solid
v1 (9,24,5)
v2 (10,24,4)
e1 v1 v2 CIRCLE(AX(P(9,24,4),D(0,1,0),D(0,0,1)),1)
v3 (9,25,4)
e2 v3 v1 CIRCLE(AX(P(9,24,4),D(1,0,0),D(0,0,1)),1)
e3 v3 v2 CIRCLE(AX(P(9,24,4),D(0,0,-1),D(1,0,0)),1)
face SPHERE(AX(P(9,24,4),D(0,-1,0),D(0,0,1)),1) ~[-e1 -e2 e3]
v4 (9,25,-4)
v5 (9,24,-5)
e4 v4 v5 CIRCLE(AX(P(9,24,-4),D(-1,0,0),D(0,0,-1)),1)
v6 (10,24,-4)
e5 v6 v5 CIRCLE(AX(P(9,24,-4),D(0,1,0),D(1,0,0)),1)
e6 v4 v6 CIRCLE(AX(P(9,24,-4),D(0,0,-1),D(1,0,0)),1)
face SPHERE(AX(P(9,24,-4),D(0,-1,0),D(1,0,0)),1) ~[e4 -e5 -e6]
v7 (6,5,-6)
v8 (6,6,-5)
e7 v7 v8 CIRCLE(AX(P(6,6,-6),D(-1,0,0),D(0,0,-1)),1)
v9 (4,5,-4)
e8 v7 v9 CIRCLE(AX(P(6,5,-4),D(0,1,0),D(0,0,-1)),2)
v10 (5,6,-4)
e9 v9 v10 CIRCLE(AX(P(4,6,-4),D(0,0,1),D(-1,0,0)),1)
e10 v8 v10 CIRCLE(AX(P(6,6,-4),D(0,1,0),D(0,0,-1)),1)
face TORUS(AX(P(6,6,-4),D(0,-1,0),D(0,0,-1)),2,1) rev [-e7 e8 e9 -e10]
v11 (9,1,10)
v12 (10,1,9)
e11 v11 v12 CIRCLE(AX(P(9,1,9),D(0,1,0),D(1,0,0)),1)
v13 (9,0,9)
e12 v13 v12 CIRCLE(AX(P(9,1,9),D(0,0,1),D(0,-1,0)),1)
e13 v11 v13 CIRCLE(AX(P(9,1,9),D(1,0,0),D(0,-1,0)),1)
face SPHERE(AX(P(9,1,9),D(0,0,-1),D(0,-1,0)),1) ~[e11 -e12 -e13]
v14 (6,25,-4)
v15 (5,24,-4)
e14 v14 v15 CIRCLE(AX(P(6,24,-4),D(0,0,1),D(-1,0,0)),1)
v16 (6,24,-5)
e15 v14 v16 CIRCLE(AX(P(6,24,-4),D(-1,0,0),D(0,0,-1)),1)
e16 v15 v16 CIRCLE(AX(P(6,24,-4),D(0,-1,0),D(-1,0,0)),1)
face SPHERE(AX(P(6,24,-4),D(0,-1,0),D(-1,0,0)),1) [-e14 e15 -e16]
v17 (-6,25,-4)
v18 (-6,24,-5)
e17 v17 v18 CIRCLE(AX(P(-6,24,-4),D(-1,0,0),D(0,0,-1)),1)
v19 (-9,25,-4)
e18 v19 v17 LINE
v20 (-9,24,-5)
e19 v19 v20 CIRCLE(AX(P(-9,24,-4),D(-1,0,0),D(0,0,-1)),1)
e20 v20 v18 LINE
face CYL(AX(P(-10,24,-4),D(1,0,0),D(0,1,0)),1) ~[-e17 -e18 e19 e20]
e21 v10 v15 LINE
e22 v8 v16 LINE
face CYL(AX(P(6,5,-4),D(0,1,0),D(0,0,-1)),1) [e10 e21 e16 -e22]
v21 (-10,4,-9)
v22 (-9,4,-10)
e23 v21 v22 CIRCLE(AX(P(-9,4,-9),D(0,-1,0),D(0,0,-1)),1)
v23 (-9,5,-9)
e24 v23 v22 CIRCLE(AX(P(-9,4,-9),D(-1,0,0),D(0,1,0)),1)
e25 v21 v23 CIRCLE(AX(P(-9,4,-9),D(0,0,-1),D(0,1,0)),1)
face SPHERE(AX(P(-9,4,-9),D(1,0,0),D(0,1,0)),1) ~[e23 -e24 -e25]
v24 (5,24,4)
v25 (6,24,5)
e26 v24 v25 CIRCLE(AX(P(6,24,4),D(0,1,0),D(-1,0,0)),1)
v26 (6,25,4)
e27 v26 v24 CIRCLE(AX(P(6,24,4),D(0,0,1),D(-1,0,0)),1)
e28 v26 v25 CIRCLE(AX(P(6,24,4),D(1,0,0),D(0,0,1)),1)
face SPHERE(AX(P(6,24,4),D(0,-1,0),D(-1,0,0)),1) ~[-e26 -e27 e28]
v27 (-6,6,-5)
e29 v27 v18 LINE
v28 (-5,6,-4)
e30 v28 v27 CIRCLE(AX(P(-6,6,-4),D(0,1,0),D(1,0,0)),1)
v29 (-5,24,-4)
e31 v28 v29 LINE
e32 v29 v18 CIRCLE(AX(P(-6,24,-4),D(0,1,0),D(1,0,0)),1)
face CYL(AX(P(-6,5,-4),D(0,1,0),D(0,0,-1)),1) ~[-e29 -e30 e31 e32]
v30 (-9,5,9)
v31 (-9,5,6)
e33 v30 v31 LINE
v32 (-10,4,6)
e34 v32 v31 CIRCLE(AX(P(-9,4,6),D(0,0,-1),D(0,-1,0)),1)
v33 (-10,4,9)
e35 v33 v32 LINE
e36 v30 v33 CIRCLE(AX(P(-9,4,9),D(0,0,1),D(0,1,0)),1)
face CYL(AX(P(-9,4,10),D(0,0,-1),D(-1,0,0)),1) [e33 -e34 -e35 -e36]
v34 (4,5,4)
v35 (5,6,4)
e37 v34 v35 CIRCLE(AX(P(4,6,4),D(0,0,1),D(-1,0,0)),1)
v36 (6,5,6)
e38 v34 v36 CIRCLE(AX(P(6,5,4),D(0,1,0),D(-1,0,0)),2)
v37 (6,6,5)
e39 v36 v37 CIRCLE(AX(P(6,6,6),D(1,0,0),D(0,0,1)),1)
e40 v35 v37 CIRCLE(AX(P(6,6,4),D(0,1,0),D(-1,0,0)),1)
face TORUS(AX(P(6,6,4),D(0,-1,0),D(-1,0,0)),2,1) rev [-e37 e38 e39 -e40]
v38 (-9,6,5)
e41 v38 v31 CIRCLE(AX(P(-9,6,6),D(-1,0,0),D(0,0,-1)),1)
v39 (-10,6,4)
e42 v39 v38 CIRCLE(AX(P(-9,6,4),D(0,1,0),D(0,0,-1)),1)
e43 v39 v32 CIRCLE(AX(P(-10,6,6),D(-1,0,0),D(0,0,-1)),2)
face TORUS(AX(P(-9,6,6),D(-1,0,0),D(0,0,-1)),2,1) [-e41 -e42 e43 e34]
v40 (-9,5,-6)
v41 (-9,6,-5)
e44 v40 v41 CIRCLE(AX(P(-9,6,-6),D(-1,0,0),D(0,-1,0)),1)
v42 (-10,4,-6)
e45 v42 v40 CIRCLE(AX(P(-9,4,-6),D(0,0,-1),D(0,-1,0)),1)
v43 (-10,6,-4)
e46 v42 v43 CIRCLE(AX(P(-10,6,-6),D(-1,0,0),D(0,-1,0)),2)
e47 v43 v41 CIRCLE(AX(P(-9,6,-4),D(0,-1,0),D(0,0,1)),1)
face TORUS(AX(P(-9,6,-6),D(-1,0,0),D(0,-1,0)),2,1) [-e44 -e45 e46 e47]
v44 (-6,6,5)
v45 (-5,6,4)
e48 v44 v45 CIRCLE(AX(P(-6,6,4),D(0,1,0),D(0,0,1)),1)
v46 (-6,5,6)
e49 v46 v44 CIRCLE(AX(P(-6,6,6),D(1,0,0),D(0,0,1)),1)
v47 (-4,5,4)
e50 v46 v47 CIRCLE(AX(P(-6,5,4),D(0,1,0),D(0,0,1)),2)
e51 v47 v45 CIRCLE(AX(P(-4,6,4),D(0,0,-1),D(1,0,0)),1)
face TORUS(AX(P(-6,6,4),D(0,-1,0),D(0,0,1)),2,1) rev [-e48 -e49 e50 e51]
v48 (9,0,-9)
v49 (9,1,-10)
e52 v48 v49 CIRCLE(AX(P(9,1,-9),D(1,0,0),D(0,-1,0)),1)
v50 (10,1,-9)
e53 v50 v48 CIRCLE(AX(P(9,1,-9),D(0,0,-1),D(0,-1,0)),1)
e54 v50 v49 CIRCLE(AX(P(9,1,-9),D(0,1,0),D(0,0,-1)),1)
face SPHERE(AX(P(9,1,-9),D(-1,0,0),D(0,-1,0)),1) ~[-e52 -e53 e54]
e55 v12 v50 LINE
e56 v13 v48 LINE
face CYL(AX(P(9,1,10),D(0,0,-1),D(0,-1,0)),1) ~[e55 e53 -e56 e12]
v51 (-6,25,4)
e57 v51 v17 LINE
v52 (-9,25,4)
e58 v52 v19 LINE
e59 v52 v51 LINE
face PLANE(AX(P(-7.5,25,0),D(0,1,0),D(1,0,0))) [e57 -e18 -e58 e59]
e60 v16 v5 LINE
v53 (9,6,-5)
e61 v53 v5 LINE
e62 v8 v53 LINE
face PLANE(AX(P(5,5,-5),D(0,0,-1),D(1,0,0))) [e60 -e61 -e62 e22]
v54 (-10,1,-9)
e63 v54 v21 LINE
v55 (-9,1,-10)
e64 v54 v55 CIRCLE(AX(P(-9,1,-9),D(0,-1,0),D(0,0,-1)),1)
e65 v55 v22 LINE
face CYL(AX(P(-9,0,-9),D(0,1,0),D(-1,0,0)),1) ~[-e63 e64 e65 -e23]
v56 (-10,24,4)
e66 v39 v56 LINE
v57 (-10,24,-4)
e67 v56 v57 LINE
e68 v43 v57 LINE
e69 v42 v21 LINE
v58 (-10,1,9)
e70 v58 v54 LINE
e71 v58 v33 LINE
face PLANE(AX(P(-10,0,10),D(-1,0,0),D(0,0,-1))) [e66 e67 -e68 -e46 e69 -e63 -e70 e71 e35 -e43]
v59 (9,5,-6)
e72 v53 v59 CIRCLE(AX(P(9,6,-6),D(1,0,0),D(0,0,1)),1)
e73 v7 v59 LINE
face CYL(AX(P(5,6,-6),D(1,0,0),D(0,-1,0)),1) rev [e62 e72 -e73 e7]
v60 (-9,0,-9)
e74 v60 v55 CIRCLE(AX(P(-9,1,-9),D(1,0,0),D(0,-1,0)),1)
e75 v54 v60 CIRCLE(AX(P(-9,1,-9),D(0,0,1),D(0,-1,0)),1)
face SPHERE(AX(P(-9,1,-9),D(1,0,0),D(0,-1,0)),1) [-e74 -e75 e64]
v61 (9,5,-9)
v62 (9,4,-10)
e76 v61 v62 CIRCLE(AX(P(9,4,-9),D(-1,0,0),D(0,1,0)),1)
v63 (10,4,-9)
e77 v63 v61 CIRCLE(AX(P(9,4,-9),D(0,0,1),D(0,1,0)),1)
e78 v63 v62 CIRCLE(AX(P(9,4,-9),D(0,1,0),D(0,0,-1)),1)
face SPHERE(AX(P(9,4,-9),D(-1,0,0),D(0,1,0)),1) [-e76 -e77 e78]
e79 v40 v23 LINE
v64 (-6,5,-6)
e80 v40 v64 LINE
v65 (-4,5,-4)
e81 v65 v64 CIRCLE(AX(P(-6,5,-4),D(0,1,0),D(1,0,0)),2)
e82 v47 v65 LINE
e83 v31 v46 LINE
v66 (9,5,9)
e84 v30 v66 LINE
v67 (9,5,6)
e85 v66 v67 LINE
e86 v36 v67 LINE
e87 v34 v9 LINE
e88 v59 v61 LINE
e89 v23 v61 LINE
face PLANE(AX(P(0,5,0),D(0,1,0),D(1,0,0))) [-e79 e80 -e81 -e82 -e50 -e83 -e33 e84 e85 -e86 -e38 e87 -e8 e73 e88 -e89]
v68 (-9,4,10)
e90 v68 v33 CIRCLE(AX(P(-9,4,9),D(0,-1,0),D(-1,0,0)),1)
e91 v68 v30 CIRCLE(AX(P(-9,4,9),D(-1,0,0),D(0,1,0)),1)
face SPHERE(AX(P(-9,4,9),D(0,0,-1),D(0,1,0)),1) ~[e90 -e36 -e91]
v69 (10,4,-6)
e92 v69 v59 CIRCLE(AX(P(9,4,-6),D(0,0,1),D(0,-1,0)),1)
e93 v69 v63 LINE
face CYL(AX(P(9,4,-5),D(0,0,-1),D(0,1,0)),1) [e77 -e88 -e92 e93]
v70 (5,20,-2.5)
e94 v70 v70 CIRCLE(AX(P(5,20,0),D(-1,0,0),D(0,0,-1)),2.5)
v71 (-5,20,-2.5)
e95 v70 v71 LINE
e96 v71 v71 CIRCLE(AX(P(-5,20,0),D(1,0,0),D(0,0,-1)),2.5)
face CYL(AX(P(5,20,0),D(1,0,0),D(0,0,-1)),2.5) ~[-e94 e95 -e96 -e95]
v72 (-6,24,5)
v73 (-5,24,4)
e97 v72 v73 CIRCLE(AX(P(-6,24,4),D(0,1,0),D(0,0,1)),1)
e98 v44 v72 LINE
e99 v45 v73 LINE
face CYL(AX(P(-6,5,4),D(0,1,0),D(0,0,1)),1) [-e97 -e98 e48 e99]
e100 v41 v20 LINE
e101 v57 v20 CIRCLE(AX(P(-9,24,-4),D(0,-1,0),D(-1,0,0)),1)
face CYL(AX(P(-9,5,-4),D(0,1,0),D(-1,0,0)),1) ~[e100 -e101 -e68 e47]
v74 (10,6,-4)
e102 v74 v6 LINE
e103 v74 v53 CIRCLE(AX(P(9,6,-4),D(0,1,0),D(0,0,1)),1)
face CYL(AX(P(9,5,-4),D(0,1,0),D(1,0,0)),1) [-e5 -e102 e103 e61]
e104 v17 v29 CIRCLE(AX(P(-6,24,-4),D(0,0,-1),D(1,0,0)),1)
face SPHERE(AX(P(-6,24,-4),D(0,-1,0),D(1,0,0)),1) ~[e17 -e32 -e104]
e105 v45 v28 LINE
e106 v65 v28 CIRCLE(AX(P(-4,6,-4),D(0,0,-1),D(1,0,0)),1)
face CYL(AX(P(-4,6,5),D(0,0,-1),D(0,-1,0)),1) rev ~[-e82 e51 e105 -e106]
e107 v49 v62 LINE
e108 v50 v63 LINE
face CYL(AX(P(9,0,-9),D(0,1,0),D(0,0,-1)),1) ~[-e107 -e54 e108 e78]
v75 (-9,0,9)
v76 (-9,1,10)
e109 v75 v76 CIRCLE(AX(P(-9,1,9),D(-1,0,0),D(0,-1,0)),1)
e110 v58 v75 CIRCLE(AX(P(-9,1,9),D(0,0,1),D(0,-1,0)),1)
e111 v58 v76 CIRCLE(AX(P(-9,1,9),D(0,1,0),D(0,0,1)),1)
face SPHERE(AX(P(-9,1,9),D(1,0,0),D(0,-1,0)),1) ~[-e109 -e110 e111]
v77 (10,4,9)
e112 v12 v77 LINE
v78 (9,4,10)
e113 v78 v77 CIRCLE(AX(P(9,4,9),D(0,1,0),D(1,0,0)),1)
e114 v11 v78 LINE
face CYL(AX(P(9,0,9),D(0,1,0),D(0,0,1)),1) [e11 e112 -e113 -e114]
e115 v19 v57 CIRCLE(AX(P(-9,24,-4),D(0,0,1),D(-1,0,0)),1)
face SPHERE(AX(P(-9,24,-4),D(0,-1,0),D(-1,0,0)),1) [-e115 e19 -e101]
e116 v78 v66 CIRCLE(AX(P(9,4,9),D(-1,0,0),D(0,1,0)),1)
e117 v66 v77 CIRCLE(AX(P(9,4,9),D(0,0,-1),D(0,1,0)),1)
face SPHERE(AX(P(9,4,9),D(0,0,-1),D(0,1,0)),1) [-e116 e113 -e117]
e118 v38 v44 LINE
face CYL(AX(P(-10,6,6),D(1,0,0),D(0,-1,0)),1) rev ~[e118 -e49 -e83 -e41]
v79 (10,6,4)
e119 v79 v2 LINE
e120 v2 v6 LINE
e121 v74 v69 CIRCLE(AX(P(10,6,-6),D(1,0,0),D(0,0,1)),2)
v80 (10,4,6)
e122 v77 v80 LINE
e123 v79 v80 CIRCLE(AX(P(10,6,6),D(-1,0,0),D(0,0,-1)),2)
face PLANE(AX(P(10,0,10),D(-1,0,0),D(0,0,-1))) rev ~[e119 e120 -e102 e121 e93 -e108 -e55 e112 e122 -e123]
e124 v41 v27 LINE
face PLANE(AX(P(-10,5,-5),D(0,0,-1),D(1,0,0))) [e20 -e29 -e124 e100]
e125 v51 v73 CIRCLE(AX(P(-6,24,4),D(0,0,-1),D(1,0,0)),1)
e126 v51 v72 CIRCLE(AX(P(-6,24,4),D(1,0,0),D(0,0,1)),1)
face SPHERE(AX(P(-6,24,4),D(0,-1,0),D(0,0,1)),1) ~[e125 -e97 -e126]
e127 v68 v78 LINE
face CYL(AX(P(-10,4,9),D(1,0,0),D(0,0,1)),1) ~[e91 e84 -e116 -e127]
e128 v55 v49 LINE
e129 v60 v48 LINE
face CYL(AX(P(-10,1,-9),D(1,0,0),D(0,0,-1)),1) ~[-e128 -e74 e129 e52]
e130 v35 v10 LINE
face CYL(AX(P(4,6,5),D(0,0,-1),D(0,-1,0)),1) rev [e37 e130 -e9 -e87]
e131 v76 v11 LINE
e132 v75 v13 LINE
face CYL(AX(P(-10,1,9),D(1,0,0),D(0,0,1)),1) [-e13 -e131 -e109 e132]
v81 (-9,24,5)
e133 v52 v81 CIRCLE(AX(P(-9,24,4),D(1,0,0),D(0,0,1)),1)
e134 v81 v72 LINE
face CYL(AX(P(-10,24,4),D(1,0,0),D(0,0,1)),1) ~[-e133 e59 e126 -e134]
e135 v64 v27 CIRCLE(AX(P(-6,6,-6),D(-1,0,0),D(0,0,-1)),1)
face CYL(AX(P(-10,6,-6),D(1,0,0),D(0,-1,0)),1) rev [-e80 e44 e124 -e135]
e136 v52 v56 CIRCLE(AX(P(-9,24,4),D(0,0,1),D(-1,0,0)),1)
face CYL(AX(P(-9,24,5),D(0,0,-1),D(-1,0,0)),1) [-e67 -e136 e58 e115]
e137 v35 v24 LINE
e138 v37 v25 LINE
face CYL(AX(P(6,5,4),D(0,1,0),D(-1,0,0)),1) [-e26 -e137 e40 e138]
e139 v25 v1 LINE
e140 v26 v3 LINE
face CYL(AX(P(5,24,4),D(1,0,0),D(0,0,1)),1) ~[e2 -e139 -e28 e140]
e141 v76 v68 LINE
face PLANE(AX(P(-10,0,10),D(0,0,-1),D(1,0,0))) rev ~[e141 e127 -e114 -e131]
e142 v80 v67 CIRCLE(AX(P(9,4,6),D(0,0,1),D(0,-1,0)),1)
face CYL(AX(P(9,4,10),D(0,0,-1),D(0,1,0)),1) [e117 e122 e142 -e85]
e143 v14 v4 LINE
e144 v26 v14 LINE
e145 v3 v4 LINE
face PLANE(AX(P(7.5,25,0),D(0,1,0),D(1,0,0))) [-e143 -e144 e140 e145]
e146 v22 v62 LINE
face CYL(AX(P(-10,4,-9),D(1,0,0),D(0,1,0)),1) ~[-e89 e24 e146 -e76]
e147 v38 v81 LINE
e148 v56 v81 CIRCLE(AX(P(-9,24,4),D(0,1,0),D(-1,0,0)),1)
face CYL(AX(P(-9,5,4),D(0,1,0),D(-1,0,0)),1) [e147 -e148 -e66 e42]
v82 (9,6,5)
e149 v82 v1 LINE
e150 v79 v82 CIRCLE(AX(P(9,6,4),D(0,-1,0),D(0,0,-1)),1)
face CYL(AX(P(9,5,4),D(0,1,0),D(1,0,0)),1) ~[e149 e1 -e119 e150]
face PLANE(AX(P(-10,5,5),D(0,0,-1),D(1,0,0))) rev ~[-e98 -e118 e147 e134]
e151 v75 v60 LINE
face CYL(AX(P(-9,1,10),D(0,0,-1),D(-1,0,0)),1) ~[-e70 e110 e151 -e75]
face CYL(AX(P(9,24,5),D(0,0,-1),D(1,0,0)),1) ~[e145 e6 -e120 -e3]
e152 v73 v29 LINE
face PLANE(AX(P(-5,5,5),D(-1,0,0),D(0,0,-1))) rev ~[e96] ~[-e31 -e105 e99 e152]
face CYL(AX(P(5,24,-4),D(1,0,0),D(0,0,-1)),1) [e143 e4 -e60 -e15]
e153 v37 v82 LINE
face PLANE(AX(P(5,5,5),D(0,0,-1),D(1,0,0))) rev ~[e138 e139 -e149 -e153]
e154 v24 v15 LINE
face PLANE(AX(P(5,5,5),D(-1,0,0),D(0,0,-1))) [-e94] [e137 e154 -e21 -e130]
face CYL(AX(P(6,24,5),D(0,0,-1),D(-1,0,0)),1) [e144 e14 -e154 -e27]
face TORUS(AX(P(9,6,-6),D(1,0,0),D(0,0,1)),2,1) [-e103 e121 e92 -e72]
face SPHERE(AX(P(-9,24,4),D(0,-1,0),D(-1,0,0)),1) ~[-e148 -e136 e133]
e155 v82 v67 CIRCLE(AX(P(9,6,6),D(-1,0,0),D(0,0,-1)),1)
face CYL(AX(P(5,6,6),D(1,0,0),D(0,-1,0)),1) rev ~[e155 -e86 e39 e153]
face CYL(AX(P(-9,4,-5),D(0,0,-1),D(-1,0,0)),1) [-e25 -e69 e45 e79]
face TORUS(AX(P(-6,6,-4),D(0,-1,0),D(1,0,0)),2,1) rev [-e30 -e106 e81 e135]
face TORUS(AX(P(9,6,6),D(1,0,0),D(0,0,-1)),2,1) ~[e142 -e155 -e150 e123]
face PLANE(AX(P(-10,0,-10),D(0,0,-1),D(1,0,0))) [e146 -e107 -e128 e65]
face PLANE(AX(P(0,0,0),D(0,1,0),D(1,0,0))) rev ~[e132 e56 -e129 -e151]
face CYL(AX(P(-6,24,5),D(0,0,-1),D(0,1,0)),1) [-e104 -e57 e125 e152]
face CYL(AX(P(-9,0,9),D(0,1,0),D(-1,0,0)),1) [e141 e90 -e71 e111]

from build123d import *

# Parameters (mm, degrees)
CROQUIS1_W              = 20
CROQUIS1_H              = 20
SALIENTE_EXTRUIR1_DEPTH = 5
CROQUIS2_W              = 5
CROQUIS2_H              = 10
SALIENTE_EXTRUIR2_DEPTH = 20
SALIENTE_EXTRUIR3_REACH = 32.822
CROQUIS3_R              = 2.5
REDONDEO4_R             = 1


with BuildPart() as part:
    # Croquis1 → Saliente-Extruir1 (new body)
    with BuildSketch(Plane(origin=(0, 0, 0), x_dir=(1, 0, 0), z_dir=(0, 1, 0))):
        Rectangle(CROQUIS1_W, CROQUIS1_H)
    extrude(amount=SALIENTE_EXTRUIR1_DEPTH)

    # Croquis2 → Saliente-Extruir2 (add)
    with BuildSketch(Plane(origin=(0, 5, 0), x_dir=(1, 0, 0), z_dir=(0, 1, 0))):
        with Locations((-7.5, 0)):
            Rectangle(CROQUIS2_W, CROQUIS2_H)
        with Locations((7.5, 0)):
            Rectangle(CROQUIS2_W, CROQUIS2_H)
    extrude(amount=SALIENTE_EXTRUIR2_DEPTH)

    # Croquis3 → Saliente-Extruir3 (add, up to next)
    with BuildSketch(Plane.ZY.offset(-5), mode=Mode.PRIVATE) as saliente_extruir3_sk1:
        with Locations(Location((0, 20, 0), (0, 0, 180))):
            Circle(CROQUIS3_R)
    saliente_extruir3_tool1 = extrude(saliente_extruir3_sk1.sketch, amount=SALIENTE_EXTRUIR3_REACH, mode=Mode.PRIVATE) - part.part
    add(saliente_extruir3_tool1.solids().sort_by_distance((5, 20, 0))[0])

    # Redondeo4
    redondeo4_edges = [part.edges().sort_by_distance(p)[0] for p in [
        (10, 5, 7.5),
        (0, 5, -10),
        (-10, 5, 7.5),
        (-10, 15, -5),
        (-7.5, 5, 5),
        (-10, 15, 5),
        (-5, 5, 0),
        (-5, 15, 5),
        (-7.5, 5, -5),
        (-5, 15, -5),
        (-10, 25, 0),
        (-7.5, 25, 5),
        (-5, 25, 0),
        (-7.5, 25, -5),
        (10, 5, -7.5),
        (5, 5, 0),
        (5, 15, -5),
        (7.5, 5, 5),
        (5, 15, 5),
        (10, 15, 5),
        (7.5, 5, -5),
        (10, 15, -5),
        (5, 25, 0),
        (7.5, 25, 5),
        (10, 25, 0),
        (7.5, 25, -5),
        (-10, 5, -7.5),
        (0, 0, -10),
        (10, 0, 0),
        (0, 0, 10),
        (-10, 0, 0),
        (0, 5, 10),
        (-10, 2.5, -10),
        (10, 2.5, -10),
        (10, 2.5, 10),
        (-10, 2.5, 10),
    ]]
    fillet(redondeo4_edges, radius=REDONDEO4_R)


solid = part.part
